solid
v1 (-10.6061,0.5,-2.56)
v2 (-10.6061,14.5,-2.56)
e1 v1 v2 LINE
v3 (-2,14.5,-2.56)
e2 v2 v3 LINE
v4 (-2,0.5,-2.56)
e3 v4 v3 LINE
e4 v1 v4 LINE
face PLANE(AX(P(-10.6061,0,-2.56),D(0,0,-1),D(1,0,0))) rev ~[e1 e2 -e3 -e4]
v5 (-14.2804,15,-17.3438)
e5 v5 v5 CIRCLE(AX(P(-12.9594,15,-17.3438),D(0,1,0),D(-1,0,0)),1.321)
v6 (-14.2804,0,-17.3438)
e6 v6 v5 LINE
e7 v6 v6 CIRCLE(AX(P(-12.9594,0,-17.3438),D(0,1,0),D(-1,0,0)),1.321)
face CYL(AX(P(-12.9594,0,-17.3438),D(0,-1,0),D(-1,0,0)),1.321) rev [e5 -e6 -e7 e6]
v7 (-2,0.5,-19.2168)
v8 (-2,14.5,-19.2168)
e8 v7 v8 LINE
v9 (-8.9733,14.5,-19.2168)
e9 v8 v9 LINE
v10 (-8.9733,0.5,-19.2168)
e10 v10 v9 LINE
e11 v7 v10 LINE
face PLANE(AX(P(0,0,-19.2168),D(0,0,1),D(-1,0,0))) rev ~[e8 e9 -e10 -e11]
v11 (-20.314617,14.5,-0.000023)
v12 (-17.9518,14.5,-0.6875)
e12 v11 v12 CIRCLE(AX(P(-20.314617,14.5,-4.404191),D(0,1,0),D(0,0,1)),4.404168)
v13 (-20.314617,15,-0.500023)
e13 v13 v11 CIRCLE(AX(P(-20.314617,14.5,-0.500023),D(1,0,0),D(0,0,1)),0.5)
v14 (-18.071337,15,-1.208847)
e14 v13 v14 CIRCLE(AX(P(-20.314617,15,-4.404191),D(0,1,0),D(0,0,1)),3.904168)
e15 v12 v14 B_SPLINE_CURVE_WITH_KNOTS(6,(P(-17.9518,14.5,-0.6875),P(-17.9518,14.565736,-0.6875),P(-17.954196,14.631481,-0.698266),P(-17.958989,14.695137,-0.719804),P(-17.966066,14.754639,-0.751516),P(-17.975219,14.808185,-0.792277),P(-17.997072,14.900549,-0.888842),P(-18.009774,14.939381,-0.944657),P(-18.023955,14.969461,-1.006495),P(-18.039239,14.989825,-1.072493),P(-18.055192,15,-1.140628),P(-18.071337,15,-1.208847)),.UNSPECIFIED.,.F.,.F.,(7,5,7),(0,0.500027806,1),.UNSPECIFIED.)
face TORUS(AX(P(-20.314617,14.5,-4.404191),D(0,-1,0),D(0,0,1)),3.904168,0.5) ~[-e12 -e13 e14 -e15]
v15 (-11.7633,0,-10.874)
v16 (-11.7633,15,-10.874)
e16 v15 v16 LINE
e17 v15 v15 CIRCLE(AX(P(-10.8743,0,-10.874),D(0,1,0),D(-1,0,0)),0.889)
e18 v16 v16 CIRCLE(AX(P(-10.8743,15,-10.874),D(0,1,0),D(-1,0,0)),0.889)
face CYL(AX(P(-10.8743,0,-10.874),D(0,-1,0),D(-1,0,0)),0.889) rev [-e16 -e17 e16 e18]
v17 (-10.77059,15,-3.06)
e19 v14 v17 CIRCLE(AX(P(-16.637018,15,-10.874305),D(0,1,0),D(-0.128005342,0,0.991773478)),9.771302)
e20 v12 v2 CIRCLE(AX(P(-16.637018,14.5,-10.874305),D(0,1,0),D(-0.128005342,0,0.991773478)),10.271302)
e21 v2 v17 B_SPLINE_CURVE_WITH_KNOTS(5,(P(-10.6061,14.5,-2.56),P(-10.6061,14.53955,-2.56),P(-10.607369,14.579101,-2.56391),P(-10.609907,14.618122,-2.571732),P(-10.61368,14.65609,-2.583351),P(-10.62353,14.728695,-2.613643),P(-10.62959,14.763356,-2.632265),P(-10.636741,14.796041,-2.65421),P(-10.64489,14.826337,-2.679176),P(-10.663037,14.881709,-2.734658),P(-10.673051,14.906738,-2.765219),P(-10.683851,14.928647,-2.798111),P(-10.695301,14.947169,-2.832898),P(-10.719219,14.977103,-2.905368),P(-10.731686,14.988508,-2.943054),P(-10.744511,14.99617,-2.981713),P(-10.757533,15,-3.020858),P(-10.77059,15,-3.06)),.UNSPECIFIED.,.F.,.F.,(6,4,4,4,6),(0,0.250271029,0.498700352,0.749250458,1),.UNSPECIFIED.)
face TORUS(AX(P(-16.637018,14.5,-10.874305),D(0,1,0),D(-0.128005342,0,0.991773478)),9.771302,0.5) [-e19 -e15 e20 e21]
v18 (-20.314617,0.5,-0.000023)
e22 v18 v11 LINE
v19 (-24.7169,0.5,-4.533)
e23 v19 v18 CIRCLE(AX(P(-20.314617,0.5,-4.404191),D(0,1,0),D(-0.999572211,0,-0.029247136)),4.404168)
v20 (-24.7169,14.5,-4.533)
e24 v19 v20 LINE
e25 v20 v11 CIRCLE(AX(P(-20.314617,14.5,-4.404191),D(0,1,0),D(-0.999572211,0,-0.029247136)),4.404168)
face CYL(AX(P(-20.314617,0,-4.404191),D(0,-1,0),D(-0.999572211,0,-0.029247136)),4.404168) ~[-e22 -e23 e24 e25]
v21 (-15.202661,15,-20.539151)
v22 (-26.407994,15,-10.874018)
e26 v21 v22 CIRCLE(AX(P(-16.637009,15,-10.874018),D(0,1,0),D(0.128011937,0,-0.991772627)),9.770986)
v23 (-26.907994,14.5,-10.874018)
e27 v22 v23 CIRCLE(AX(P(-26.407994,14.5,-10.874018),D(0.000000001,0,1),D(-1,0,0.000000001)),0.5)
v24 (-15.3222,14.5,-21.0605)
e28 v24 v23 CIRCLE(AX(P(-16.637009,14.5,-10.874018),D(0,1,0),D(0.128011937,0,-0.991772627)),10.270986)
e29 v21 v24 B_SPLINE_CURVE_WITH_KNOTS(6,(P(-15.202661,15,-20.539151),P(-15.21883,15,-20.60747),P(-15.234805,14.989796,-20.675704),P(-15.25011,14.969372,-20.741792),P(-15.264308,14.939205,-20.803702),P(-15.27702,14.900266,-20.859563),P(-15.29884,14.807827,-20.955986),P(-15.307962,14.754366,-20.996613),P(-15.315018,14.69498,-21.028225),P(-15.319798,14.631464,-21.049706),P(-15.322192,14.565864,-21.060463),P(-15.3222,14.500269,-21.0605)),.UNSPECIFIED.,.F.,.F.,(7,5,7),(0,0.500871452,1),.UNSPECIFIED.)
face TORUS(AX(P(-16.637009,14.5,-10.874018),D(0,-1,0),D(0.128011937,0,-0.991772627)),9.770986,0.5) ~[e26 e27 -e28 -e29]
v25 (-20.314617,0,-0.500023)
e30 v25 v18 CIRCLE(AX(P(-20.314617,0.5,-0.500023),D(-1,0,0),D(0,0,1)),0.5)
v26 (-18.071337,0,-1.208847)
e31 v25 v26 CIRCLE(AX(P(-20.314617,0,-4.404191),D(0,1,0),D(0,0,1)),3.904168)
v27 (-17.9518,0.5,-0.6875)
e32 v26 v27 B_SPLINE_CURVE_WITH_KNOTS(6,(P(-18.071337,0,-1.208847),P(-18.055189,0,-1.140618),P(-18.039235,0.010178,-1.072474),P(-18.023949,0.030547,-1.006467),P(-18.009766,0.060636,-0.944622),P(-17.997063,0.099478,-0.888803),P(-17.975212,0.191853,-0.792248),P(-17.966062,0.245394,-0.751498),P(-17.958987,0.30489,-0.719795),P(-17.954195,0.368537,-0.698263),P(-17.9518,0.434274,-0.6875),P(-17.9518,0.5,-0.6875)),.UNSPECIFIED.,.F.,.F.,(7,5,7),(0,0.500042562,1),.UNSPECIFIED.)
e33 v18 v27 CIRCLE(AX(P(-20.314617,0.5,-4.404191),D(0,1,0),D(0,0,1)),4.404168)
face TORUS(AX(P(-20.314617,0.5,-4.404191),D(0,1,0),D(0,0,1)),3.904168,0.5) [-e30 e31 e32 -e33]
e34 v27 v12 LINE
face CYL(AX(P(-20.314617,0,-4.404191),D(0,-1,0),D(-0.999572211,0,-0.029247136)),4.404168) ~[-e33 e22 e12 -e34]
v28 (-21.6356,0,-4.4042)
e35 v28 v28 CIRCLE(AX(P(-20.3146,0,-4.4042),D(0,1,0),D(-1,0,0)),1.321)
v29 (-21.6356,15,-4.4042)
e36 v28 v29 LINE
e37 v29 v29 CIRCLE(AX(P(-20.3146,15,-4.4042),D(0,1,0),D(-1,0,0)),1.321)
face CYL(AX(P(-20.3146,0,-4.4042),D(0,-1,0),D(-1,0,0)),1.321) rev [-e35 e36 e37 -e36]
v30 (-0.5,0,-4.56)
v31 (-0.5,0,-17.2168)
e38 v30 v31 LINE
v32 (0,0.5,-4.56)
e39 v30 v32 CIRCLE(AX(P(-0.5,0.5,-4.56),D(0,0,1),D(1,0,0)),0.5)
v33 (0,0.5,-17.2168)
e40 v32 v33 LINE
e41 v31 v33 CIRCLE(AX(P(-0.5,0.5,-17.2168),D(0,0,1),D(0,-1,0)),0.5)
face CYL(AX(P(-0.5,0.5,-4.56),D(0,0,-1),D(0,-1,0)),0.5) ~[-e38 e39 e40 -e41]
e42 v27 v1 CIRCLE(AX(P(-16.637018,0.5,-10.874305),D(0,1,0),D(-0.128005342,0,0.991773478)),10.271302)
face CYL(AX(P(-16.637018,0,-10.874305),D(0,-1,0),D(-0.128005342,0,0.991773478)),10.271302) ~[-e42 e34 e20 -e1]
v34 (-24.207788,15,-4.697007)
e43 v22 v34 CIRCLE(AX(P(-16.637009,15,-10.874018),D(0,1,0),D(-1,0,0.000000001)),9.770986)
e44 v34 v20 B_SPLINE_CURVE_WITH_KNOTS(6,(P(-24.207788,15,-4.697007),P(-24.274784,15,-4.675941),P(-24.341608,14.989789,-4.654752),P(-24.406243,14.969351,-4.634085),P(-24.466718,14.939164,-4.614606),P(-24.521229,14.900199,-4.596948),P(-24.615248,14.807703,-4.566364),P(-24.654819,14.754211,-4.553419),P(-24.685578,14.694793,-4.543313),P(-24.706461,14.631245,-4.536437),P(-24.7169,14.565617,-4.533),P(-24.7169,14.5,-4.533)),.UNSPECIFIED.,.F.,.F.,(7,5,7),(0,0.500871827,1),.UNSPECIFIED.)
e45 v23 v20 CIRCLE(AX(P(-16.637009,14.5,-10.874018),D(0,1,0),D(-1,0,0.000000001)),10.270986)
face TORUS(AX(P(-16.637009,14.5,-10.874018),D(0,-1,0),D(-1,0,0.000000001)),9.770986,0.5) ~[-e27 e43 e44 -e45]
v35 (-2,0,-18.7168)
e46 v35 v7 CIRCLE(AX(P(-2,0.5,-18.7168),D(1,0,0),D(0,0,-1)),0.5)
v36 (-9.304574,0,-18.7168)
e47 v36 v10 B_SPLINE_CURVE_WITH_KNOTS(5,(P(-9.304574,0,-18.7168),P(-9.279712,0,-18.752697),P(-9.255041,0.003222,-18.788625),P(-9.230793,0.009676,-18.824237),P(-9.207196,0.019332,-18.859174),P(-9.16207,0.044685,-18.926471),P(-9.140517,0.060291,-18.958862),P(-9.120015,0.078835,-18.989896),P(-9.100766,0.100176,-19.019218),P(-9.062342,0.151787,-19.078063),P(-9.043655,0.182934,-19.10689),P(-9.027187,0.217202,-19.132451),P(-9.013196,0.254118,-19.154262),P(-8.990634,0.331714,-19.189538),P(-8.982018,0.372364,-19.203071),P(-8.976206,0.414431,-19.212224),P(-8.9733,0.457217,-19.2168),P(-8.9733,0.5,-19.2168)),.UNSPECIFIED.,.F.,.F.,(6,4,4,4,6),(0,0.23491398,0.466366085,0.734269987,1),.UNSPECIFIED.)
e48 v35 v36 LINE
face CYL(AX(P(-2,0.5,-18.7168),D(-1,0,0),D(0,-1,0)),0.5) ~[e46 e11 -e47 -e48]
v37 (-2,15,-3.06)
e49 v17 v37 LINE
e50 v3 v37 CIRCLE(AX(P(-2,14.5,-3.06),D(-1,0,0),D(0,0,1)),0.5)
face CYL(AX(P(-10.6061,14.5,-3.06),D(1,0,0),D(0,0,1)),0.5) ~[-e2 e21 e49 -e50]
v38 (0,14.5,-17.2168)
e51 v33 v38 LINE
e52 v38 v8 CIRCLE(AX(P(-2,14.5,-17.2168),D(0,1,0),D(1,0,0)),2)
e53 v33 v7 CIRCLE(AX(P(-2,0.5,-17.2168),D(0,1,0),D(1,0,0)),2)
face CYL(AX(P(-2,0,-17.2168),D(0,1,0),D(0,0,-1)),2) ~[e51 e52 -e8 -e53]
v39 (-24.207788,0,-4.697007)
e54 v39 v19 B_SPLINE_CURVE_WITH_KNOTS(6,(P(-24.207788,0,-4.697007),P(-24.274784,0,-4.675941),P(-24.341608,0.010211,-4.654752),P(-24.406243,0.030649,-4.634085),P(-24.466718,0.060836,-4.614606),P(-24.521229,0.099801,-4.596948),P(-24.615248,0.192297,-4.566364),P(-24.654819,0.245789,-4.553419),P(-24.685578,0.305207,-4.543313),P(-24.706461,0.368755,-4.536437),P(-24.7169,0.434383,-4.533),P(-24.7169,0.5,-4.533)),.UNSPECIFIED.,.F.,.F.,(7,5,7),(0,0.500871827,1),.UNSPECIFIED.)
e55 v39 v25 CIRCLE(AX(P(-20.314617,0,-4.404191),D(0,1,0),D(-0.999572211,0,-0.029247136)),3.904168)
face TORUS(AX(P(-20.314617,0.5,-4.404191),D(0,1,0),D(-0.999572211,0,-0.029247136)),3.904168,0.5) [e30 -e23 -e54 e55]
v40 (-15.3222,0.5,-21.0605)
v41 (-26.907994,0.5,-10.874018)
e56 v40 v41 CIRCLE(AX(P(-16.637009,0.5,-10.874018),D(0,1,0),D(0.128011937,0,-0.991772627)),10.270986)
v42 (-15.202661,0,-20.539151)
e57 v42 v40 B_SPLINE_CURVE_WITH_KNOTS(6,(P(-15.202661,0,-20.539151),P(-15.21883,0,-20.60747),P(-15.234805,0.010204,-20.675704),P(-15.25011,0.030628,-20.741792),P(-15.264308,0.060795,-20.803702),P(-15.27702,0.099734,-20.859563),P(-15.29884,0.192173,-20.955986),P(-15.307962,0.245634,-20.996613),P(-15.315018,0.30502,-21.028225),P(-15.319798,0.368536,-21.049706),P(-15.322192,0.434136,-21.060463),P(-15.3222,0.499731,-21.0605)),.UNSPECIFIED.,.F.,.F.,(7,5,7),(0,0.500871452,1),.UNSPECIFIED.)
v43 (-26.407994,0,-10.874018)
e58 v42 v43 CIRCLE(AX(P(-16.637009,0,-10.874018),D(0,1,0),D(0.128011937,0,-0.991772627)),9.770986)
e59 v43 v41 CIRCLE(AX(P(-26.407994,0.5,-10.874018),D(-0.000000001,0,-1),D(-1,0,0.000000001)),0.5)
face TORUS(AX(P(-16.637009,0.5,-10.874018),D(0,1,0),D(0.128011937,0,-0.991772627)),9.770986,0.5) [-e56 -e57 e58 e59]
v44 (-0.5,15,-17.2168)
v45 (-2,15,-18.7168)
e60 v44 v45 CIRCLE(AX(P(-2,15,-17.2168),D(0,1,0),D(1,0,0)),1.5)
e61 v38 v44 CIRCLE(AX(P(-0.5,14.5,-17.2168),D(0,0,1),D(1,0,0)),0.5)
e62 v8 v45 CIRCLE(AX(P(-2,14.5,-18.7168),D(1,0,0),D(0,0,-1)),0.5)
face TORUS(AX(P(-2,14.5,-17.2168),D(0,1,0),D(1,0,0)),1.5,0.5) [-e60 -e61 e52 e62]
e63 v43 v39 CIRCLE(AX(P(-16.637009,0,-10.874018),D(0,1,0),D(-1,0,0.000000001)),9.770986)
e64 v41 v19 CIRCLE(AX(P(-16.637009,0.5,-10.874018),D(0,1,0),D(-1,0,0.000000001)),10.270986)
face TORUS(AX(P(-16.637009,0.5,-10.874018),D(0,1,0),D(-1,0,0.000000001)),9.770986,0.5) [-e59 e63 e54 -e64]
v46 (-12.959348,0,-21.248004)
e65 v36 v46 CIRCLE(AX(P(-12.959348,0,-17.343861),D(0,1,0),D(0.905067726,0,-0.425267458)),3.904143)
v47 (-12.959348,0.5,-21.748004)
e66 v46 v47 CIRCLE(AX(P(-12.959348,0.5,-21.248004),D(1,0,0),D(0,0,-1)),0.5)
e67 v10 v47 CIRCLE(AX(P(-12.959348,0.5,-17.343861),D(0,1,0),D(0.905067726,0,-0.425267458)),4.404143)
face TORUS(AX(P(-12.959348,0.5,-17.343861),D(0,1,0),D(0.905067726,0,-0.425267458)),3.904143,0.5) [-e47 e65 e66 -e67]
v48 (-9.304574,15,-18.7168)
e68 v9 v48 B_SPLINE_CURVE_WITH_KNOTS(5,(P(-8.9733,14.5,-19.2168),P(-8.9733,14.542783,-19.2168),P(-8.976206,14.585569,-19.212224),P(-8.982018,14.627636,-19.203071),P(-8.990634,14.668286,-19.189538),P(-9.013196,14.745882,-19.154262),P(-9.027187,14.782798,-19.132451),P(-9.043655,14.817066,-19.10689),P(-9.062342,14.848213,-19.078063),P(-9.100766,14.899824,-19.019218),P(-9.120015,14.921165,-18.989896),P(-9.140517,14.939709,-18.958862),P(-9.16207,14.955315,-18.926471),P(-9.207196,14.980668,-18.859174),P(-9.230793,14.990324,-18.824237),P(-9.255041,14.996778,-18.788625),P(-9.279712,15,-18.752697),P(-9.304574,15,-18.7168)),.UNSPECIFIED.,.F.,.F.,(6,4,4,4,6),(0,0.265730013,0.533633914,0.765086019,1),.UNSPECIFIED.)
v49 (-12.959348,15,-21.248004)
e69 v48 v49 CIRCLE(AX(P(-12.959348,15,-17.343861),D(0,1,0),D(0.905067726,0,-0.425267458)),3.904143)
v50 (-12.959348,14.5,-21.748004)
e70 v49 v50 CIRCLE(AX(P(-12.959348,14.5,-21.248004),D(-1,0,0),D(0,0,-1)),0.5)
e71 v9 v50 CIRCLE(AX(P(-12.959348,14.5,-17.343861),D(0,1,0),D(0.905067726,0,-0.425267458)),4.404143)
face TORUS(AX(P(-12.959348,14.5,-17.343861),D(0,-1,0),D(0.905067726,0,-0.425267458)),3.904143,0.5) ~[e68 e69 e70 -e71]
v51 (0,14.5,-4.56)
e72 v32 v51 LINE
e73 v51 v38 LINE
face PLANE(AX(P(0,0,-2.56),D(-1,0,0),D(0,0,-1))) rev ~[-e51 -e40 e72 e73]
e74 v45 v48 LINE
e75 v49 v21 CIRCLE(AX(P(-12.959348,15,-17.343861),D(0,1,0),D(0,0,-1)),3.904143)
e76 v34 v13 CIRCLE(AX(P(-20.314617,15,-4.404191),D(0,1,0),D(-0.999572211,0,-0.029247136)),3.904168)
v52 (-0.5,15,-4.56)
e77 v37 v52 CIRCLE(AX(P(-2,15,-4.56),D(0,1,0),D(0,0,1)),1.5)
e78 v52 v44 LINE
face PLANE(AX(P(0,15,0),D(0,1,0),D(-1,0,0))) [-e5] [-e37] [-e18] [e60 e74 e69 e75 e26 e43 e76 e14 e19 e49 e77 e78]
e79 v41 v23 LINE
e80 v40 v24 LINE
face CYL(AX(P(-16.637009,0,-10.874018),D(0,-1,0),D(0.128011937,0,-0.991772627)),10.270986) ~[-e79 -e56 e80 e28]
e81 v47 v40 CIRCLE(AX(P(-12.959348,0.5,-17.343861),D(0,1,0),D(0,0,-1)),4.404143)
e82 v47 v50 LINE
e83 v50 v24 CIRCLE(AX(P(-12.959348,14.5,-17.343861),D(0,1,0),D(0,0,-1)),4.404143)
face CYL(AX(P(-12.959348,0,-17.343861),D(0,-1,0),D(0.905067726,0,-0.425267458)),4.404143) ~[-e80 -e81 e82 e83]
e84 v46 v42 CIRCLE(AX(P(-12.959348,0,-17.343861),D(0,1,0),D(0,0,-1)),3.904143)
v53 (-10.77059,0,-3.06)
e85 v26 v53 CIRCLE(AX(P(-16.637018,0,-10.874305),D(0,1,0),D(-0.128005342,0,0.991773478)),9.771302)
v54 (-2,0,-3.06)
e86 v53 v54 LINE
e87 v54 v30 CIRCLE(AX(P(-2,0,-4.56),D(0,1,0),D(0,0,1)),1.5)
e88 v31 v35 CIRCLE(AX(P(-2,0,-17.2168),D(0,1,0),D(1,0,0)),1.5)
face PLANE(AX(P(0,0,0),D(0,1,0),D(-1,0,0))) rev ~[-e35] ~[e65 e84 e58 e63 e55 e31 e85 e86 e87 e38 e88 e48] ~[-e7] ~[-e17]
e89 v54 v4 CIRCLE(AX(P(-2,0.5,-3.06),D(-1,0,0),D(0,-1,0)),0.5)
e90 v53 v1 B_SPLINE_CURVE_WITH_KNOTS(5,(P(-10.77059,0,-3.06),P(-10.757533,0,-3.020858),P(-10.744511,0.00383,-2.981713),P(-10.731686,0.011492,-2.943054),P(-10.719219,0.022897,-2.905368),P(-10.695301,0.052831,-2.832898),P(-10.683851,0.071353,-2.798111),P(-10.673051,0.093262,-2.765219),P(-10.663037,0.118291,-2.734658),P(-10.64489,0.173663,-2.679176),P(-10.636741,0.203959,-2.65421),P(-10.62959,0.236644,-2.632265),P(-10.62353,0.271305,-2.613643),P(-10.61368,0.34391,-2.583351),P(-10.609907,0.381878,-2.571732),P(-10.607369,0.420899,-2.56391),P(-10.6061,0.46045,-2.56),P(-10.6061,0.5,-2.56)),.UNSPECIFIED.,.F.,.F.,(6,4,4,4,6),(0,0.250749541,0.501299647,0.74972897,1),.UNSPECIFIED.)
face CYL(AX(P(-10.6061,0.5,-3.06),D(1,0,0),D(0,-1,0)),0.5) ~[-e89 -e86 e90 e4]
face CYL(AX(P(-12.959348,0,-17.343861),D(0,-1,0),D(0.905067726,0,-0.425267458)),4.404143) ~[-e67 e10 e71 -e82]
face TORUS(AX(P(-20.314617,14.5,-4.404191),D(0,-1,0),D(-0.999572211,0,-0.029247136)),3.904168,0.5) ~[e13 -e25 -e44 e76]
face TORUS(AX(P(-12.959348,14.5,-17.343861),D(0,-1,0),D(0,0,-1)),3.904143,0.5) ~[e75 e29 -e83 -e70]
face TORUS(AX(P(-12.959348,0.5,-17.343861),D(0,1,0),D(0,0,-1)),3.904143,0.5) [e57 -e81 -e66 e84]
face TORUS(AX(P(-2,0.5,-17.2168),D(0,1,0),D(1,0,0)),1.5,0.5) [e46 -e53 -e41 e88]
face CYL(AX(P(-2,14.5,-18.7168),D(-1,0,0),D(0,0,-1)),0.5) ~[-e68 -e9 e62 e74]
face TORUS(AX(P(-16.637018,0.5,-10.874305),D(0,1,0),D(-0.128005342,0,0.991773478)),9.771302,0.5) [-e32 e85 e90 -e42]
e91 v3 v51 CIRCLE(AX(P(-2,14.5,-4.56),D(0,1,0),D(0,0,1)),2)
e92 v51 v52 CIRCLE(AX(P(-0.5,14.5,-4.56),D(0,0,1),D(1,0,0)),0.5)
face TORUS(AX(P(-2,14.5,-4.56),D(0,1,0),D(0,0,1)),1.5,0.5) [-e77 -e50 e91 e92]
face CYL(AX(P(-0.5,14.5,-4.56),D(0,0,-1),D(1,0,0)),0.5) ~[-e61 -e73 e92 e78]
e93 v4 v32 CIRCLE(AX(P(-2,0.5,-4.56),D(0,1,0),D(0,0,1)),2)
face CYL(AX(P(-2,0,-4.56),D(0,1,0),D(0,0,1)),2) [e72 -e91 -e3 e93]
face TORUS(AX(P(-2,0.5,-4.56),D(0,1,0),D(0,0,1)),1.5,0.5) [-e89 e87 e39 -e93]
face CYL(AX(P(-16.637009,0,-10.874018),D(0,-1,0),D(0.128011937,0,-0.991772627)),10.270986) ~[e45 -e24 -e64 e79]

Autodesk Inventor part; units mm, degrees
ref_plane "YZ Plane" through (0, 0, 0) normal (1, 0, 0) x (0, 1, 0)
ref_plane "XZ Plane" through (0, 0, 0) normal (0, 1, 0) x (-1, 0, 0)
ref_plane "XY Plane" through (0, 0, 0) normal (0, 0, 1) x (1, 0, 0)
sketch "Sketch1" plane through (0, 0, 0) normal (0, 1, 0) x (-1, 0, 0)
  line L0 (0, 0) -> (0, -21.748)
  line L1 (26.908, 0) -> (26.908, -21.748)
  line L2 (0, 0) -> (26.908, 0)
  line L3 (26.908, -21.748) -> (0, -21.748)
  circle A0 centre (16.637, -10.874) radius 7.442 construction
  line L4 (26.908, 0.5867) -> (26.908, -22.1122) construction
  line L5 (26.908, -22.1122) -> (-0.2229, -22.1122) construction
  line L6 (-0.2229, -22.1122) -> (-0.2229, 0.5867) construction
  line L7 (-0.2229, 0.5867) -> (26.908, 0.5867) construction
  arc A1 (24.7169, -4.533) -> (17.9518, -0.6875) centre (20.3146, -4.4042) ccw
  arc A2 (8.9733, -19.2168) -> (15.3222, -21.0605) centre (12.9594, -17.3438) ccw
  arc A3 (17.9518, -0.6875) -> (10.6061, -2.56) centre (16.637, -10.874) ccw
  arc A4 (15.3222, -21.0605) -> (24.7169, -4.533) centre (16.637, -10.874) ccw
  line L8 (10.6061, -2.56) -> (0, -2.56)
  line L9 (0, -2.56) -> (0, -19.2168)
  line L10 (0, -2.56) -> (0, -19.2168)
  line L11 (0, -19.2168) -> (8.9733, -19.2168)
  circle A5 centre (20.3146, -4.4042) radius 1.321
  circle A6 centre (12.9594, -17.3438) radius 1.321
  circle A7 centre (10.8743, -10.874) radius 0.889
  point P0 (0, -10.874)
  dimension "d0" = 26.908
  dimension "d1" = 21.748
  dimension "d2" = 16.637
  dimension "d3" = 7.442
  dimension "d21" = 2.642
  dimension "d22" = 1.778
extrude "Extrusion1" add sketch "Sketch1" along normal blind 15 contours L8 A3 A1 A4 A2 L11 L0
fillet "Fillet1" radius 2 2 edges at (0, 7.5, -2.56) (0, 7.5, -19.2168)
fillet "Fillet2" radius 0.5 18 edges at (-14.0999, 0, -0.9213) (-0.5858, 0, -3.1458) (0, 0, -10.8884) (-0.5858, 0, -18.631) (-5.4867, 0, -19.2168) (-6.3031, 0, -2.56) (-11.7312, 0, -21.5733) (-25.5663, 0, -15.9496) (-22.491, 0, -0.5753) (-6.3031, 15, -2.56) (0, 15, -10.8884) (-0.5858, 15, -18.631) (-5.4867, 15, -19.2168) (-0.5858, 15, -3.1458) (-14.0999, 15, -0.9213) (-22.491, 15, -0.5753) (-25.5663, 15, -15.9496) (-11.7312, 15, -21.5733)
properties part number "15-697867-75"
